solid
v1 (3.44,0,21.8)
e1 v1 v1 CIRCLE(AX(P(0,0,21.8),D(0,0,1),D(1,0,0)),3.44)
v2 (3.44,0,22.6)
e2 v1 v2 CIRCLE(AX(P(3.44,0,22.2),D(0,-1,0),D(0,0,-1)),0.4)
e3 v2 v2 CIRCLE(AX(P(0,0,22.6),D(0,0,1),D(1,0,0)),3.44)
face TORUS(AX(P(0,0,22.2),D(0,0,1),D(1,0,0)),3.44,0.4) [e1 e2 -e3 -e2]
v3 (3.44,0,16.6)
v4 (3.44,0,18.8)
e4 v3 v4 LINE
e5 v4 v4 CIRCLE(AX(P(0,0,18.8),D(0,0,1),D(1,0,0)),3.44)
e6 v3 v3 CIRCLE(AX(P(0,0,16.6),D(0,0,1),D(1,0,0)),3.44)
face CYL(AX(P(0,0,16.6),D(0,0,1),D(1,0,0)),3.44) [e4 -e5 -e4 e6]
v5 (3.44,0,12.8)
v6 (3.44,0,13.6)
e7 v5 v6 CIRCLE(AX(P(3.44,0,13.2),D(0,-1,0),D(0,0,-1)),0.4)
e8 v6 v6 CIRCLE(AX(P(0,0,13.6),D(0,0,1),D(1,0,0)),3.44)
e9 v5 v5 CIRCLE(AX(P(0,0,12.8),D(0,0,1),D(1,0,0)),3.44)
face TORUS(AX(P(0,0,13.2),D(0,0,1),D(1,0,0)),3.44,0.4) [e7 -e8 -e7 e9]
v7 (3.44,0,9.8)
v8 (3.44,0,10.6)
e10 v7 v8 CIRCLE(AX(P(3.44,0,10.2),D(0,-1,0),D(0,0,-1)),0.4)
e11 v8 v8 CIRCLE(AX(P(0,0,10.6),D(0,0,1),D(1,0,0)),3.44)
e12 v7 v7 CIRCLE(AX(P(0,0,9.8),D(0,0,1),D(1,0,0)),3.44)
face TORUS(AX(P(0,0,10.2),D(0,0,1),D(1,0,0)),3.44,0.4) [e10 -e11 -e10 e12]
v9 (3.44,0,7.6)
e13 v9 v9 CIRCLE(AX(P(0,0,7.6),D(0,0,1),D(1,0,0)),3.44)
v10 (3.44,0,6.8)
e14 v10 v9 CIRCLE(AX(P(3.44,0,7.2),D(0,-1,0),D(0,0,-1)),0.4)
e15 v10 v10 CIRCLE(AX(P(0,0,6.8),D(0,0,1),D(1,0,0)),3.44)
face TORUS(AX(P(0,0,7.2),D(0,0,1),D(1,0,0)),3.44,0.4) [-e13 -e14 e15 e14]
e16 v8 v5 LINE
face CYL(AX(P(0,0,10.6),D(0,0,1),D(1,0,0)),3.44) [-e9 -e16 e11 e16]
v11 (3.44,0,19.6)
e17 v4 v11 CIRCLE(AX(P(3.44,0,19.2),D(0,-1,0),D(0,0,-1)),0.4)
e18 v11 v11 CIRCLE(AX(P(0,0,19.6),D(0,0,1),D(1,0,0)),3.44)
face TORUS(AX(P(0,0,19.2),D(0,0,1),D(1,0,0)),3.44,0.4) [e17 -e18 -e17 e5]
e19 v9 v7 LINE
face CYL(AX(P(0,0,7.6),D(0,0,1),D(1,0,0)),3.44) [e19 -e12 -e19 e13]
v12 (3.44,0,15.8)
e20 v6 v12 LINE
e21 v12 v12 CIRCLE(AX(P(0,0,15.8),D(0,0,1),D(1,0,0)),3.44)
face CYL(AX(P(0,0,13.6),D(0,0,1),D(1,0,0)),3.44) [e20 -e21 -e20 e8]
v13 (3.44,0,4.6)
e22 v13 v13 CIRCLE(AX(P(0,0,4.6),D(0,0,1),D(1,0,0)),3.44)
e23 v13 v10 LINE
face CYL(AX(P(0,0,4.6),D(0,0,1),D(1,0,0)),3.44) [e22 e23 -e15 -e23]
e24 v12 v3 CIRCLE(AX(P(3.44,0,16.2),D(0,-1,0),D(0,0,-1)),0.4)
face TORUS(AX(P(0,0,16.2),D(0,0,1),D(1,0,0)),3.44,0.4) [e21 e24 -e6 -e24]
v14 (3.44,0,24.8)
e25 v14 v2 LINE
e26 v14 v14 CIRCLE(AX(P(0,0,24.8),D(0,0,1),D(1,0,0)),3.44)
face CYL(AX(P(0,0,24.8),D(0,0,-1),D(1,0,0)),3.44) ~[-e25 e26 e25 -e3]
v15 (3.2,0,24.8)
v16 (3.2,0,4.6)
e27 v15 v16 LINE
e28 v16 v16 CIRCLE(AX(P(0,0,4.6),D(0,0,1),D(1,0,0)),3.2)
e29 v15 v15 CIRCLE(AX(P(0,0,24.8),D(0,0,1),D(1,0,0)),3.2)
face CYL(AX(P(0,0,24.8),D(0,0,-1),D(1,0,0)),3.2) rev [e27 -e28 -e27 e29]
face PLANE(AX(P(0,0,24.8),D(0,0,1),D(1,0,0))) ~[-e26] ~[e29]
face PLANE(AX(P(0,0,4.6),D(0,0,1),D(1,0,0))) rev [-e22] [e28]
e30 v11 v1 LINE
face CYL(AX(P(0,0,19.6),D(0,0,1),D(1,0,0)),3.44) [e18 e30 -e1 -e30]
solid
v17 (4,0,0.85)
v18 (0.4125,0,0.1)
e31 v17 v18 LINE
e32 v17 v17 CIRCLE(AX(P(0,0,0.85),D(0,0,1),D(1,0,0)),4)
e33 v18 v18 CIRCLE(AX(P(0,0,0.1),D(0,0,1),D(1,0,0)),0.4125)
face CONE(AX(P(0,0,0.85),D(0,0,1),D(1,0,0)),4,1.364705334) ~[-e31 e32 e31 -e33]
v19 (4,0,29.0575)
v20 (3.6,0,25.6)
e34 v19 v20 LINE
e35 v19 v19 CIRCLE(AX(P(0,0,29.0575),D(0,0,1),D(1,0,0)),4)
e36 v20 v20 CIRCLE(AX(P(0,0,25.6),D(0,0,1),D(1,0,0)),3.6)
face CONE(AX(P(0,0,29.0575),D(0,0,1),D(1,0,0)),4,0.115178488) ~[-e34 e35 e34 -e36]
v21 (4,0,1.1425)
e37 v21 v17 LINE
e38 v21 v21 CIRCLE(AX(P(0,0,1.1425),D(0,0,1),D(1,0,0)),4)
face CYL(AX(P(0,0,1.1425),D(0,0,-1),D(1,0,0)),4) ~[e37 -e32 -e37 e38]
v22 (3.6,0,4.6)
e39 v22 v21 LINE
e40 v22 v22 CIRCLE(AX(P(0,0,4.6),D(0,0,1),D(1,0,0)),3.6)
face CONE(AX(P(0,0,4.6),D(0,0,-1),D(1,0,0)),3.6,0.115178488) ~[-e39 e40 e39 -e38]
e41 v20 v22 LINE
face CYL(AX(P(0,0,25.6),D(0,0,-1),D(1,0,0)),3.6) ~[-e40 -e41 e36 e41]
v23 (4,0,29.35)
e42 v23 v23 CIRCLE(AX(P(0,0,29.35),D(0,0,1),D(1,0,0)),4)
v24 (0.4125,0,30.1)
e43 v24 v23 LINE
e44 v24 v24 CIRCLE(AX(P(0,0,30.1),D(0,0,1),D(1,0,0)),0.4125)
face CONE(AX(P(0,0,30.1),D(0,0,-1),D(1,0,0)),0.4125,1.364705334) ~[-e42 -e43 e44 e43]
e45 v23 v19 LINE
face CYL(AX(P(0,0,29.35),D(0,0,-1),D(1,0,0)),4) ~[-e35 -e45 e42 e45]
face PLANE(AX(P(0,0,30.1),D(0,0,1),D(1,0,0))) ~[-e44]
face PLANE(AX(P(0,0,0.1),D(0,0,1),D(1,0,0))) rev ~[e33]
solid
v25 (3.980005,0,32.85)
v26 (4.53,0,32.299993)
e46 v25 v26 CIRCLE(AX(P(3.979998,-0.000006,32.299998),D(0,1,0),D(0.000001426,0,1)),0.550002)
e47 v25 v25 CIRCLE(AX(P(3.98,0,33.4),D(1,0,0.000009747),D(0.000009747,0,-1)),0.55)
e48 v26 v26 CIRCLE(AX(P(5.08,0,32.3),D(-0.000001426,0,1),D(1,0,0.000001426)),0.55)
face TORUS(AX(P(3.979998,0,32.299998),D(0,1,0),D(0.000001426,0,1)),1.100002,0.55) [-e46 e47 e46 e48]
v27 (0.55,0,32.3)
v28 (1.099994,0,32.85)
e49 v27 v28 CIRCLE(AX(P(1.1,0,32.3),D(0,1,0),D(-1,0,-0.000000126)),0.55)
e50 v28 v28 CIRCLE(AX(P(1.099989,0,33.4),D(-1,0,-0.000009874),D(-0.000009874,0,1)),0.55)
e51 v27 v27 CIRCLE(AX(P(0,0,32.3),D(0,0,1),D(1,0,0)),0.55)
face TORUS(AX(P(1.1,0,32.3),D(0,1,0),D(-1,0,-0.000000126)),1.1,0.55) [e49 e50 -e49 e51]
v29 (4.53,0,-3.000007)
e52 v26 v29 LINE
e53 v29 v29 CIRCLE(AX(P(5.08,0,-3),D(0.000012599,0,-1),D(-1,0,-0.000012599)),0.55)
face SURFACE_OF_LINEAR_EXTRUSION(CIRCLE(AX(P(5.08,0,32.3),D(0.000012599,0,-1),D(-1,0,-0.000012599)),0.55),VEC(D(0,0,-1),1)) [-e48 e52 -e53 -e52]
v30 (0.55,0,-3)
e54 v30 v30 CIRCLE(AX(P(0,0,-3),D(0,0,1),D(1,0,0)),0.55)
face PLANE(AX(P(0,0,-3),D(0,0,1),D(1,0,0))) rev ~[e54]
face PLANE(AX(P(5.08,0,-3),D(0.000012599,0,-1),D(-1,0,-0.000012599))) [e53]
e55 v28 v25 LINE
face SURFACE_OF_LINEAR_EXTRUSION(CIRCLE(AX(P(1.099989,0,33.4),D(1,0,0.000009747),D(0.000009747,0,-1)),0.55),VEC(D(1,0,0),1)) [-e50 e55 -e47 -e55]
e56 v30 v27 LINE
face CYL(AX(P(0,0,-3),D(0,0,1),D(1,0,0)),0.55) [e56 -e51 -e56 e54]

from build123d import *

# Parameters (mm, degrees)
SKETCH_R = 0.55


with BuildPart() as sweep_body:
    # Sweep: sweep along a path in Sketch001
    with BuildLine(Plane.XZ) as sweep_path:
        Line((0, -3), (0, 32.3))
        ThreePointArc((0, 32.3), (0.322179, 33.077814), (1.099989, 33.4))
        Line((1.099989, 33.4), (3.98, 33.4))
        ThreePointArc((3.98, 33.4), (4.757817, 33.077817), (5.08, 32.3))
        Line((5.08, 32.3), (5.08, -3))
    # Sketch → Sweep (sweep)
    with BuildSketch(Plane.XY.offset(-2)):
        Circle(SKETCH_R)
    sweep(path=sweep_path.line)


with BuildPart() as revolution:
    # Sketch002 → Revolution (revolve)
    with BuildSketch(Plane.XZ):
        Polygon((0, 0.1), (0, 30.1), (0.4125, 30.1), (4, 29.35), (4, 29.0575), (3.6, 25.6), (3.6, 4.6), (4, 1.1425), (4, 0.85), (0.4125, 0.1), align=None)
    revolve(axis=Axis((0, 0, 0), (0, 0, 1)))


with BuildPart() as revolution001:
    # Sketch003 → Revolution001 (revolve)
    with BuildSketch(Plane.XZ):
        with BuildLine():
            Line((3.2, 24.8), (3.2, 4.6))
            Line((3.2, 4.6), (3.44, 4.6))
            Line((3.44, 4.6), (3.44, 6.8))
            ThreePointArc((3.44, 6.8), (3.84, 7.2), (3.44, 7.6))
            Line((3.44, 7.6), (3.44, 9.8))
            ThreePointArc((3.44, 9.8), (3.84, 10.2), (3.44, 10.6))
            Line((3.44, 10.6), (3.44, 12.8))
            ThreePointArc((3.44, 12.8), (3.84, 13.2), (3.44, 13.6))
            Line((3.44, 13.6), (3.44, 15.8))
            ThreePointArc((3.44, 15.8), (3.84, 16.2), (3.44, 16.6))
            Line((3.44, 16.6), (3.44, 18.8))
            ThreePointArc((3.44, 18.8), (3.84, 19.2), (3.44, 19.6))
            Line((3.44, 19.6), (3.44, 21.8))
            ThreePointArc((3.44, 21.8), (3.84, 22.2), (3.44, 22.6))
            Line((3.44, 24.8), (3.44, 22.6))
            Line((3.2, 24.8), (3.44, 24.8))
        make_face()
    revolve(axis=Axis((0, 0, 0), (0, 0, 1)))


solid = Compound([sweep_body.part, revolution.part, revolution001.part])
